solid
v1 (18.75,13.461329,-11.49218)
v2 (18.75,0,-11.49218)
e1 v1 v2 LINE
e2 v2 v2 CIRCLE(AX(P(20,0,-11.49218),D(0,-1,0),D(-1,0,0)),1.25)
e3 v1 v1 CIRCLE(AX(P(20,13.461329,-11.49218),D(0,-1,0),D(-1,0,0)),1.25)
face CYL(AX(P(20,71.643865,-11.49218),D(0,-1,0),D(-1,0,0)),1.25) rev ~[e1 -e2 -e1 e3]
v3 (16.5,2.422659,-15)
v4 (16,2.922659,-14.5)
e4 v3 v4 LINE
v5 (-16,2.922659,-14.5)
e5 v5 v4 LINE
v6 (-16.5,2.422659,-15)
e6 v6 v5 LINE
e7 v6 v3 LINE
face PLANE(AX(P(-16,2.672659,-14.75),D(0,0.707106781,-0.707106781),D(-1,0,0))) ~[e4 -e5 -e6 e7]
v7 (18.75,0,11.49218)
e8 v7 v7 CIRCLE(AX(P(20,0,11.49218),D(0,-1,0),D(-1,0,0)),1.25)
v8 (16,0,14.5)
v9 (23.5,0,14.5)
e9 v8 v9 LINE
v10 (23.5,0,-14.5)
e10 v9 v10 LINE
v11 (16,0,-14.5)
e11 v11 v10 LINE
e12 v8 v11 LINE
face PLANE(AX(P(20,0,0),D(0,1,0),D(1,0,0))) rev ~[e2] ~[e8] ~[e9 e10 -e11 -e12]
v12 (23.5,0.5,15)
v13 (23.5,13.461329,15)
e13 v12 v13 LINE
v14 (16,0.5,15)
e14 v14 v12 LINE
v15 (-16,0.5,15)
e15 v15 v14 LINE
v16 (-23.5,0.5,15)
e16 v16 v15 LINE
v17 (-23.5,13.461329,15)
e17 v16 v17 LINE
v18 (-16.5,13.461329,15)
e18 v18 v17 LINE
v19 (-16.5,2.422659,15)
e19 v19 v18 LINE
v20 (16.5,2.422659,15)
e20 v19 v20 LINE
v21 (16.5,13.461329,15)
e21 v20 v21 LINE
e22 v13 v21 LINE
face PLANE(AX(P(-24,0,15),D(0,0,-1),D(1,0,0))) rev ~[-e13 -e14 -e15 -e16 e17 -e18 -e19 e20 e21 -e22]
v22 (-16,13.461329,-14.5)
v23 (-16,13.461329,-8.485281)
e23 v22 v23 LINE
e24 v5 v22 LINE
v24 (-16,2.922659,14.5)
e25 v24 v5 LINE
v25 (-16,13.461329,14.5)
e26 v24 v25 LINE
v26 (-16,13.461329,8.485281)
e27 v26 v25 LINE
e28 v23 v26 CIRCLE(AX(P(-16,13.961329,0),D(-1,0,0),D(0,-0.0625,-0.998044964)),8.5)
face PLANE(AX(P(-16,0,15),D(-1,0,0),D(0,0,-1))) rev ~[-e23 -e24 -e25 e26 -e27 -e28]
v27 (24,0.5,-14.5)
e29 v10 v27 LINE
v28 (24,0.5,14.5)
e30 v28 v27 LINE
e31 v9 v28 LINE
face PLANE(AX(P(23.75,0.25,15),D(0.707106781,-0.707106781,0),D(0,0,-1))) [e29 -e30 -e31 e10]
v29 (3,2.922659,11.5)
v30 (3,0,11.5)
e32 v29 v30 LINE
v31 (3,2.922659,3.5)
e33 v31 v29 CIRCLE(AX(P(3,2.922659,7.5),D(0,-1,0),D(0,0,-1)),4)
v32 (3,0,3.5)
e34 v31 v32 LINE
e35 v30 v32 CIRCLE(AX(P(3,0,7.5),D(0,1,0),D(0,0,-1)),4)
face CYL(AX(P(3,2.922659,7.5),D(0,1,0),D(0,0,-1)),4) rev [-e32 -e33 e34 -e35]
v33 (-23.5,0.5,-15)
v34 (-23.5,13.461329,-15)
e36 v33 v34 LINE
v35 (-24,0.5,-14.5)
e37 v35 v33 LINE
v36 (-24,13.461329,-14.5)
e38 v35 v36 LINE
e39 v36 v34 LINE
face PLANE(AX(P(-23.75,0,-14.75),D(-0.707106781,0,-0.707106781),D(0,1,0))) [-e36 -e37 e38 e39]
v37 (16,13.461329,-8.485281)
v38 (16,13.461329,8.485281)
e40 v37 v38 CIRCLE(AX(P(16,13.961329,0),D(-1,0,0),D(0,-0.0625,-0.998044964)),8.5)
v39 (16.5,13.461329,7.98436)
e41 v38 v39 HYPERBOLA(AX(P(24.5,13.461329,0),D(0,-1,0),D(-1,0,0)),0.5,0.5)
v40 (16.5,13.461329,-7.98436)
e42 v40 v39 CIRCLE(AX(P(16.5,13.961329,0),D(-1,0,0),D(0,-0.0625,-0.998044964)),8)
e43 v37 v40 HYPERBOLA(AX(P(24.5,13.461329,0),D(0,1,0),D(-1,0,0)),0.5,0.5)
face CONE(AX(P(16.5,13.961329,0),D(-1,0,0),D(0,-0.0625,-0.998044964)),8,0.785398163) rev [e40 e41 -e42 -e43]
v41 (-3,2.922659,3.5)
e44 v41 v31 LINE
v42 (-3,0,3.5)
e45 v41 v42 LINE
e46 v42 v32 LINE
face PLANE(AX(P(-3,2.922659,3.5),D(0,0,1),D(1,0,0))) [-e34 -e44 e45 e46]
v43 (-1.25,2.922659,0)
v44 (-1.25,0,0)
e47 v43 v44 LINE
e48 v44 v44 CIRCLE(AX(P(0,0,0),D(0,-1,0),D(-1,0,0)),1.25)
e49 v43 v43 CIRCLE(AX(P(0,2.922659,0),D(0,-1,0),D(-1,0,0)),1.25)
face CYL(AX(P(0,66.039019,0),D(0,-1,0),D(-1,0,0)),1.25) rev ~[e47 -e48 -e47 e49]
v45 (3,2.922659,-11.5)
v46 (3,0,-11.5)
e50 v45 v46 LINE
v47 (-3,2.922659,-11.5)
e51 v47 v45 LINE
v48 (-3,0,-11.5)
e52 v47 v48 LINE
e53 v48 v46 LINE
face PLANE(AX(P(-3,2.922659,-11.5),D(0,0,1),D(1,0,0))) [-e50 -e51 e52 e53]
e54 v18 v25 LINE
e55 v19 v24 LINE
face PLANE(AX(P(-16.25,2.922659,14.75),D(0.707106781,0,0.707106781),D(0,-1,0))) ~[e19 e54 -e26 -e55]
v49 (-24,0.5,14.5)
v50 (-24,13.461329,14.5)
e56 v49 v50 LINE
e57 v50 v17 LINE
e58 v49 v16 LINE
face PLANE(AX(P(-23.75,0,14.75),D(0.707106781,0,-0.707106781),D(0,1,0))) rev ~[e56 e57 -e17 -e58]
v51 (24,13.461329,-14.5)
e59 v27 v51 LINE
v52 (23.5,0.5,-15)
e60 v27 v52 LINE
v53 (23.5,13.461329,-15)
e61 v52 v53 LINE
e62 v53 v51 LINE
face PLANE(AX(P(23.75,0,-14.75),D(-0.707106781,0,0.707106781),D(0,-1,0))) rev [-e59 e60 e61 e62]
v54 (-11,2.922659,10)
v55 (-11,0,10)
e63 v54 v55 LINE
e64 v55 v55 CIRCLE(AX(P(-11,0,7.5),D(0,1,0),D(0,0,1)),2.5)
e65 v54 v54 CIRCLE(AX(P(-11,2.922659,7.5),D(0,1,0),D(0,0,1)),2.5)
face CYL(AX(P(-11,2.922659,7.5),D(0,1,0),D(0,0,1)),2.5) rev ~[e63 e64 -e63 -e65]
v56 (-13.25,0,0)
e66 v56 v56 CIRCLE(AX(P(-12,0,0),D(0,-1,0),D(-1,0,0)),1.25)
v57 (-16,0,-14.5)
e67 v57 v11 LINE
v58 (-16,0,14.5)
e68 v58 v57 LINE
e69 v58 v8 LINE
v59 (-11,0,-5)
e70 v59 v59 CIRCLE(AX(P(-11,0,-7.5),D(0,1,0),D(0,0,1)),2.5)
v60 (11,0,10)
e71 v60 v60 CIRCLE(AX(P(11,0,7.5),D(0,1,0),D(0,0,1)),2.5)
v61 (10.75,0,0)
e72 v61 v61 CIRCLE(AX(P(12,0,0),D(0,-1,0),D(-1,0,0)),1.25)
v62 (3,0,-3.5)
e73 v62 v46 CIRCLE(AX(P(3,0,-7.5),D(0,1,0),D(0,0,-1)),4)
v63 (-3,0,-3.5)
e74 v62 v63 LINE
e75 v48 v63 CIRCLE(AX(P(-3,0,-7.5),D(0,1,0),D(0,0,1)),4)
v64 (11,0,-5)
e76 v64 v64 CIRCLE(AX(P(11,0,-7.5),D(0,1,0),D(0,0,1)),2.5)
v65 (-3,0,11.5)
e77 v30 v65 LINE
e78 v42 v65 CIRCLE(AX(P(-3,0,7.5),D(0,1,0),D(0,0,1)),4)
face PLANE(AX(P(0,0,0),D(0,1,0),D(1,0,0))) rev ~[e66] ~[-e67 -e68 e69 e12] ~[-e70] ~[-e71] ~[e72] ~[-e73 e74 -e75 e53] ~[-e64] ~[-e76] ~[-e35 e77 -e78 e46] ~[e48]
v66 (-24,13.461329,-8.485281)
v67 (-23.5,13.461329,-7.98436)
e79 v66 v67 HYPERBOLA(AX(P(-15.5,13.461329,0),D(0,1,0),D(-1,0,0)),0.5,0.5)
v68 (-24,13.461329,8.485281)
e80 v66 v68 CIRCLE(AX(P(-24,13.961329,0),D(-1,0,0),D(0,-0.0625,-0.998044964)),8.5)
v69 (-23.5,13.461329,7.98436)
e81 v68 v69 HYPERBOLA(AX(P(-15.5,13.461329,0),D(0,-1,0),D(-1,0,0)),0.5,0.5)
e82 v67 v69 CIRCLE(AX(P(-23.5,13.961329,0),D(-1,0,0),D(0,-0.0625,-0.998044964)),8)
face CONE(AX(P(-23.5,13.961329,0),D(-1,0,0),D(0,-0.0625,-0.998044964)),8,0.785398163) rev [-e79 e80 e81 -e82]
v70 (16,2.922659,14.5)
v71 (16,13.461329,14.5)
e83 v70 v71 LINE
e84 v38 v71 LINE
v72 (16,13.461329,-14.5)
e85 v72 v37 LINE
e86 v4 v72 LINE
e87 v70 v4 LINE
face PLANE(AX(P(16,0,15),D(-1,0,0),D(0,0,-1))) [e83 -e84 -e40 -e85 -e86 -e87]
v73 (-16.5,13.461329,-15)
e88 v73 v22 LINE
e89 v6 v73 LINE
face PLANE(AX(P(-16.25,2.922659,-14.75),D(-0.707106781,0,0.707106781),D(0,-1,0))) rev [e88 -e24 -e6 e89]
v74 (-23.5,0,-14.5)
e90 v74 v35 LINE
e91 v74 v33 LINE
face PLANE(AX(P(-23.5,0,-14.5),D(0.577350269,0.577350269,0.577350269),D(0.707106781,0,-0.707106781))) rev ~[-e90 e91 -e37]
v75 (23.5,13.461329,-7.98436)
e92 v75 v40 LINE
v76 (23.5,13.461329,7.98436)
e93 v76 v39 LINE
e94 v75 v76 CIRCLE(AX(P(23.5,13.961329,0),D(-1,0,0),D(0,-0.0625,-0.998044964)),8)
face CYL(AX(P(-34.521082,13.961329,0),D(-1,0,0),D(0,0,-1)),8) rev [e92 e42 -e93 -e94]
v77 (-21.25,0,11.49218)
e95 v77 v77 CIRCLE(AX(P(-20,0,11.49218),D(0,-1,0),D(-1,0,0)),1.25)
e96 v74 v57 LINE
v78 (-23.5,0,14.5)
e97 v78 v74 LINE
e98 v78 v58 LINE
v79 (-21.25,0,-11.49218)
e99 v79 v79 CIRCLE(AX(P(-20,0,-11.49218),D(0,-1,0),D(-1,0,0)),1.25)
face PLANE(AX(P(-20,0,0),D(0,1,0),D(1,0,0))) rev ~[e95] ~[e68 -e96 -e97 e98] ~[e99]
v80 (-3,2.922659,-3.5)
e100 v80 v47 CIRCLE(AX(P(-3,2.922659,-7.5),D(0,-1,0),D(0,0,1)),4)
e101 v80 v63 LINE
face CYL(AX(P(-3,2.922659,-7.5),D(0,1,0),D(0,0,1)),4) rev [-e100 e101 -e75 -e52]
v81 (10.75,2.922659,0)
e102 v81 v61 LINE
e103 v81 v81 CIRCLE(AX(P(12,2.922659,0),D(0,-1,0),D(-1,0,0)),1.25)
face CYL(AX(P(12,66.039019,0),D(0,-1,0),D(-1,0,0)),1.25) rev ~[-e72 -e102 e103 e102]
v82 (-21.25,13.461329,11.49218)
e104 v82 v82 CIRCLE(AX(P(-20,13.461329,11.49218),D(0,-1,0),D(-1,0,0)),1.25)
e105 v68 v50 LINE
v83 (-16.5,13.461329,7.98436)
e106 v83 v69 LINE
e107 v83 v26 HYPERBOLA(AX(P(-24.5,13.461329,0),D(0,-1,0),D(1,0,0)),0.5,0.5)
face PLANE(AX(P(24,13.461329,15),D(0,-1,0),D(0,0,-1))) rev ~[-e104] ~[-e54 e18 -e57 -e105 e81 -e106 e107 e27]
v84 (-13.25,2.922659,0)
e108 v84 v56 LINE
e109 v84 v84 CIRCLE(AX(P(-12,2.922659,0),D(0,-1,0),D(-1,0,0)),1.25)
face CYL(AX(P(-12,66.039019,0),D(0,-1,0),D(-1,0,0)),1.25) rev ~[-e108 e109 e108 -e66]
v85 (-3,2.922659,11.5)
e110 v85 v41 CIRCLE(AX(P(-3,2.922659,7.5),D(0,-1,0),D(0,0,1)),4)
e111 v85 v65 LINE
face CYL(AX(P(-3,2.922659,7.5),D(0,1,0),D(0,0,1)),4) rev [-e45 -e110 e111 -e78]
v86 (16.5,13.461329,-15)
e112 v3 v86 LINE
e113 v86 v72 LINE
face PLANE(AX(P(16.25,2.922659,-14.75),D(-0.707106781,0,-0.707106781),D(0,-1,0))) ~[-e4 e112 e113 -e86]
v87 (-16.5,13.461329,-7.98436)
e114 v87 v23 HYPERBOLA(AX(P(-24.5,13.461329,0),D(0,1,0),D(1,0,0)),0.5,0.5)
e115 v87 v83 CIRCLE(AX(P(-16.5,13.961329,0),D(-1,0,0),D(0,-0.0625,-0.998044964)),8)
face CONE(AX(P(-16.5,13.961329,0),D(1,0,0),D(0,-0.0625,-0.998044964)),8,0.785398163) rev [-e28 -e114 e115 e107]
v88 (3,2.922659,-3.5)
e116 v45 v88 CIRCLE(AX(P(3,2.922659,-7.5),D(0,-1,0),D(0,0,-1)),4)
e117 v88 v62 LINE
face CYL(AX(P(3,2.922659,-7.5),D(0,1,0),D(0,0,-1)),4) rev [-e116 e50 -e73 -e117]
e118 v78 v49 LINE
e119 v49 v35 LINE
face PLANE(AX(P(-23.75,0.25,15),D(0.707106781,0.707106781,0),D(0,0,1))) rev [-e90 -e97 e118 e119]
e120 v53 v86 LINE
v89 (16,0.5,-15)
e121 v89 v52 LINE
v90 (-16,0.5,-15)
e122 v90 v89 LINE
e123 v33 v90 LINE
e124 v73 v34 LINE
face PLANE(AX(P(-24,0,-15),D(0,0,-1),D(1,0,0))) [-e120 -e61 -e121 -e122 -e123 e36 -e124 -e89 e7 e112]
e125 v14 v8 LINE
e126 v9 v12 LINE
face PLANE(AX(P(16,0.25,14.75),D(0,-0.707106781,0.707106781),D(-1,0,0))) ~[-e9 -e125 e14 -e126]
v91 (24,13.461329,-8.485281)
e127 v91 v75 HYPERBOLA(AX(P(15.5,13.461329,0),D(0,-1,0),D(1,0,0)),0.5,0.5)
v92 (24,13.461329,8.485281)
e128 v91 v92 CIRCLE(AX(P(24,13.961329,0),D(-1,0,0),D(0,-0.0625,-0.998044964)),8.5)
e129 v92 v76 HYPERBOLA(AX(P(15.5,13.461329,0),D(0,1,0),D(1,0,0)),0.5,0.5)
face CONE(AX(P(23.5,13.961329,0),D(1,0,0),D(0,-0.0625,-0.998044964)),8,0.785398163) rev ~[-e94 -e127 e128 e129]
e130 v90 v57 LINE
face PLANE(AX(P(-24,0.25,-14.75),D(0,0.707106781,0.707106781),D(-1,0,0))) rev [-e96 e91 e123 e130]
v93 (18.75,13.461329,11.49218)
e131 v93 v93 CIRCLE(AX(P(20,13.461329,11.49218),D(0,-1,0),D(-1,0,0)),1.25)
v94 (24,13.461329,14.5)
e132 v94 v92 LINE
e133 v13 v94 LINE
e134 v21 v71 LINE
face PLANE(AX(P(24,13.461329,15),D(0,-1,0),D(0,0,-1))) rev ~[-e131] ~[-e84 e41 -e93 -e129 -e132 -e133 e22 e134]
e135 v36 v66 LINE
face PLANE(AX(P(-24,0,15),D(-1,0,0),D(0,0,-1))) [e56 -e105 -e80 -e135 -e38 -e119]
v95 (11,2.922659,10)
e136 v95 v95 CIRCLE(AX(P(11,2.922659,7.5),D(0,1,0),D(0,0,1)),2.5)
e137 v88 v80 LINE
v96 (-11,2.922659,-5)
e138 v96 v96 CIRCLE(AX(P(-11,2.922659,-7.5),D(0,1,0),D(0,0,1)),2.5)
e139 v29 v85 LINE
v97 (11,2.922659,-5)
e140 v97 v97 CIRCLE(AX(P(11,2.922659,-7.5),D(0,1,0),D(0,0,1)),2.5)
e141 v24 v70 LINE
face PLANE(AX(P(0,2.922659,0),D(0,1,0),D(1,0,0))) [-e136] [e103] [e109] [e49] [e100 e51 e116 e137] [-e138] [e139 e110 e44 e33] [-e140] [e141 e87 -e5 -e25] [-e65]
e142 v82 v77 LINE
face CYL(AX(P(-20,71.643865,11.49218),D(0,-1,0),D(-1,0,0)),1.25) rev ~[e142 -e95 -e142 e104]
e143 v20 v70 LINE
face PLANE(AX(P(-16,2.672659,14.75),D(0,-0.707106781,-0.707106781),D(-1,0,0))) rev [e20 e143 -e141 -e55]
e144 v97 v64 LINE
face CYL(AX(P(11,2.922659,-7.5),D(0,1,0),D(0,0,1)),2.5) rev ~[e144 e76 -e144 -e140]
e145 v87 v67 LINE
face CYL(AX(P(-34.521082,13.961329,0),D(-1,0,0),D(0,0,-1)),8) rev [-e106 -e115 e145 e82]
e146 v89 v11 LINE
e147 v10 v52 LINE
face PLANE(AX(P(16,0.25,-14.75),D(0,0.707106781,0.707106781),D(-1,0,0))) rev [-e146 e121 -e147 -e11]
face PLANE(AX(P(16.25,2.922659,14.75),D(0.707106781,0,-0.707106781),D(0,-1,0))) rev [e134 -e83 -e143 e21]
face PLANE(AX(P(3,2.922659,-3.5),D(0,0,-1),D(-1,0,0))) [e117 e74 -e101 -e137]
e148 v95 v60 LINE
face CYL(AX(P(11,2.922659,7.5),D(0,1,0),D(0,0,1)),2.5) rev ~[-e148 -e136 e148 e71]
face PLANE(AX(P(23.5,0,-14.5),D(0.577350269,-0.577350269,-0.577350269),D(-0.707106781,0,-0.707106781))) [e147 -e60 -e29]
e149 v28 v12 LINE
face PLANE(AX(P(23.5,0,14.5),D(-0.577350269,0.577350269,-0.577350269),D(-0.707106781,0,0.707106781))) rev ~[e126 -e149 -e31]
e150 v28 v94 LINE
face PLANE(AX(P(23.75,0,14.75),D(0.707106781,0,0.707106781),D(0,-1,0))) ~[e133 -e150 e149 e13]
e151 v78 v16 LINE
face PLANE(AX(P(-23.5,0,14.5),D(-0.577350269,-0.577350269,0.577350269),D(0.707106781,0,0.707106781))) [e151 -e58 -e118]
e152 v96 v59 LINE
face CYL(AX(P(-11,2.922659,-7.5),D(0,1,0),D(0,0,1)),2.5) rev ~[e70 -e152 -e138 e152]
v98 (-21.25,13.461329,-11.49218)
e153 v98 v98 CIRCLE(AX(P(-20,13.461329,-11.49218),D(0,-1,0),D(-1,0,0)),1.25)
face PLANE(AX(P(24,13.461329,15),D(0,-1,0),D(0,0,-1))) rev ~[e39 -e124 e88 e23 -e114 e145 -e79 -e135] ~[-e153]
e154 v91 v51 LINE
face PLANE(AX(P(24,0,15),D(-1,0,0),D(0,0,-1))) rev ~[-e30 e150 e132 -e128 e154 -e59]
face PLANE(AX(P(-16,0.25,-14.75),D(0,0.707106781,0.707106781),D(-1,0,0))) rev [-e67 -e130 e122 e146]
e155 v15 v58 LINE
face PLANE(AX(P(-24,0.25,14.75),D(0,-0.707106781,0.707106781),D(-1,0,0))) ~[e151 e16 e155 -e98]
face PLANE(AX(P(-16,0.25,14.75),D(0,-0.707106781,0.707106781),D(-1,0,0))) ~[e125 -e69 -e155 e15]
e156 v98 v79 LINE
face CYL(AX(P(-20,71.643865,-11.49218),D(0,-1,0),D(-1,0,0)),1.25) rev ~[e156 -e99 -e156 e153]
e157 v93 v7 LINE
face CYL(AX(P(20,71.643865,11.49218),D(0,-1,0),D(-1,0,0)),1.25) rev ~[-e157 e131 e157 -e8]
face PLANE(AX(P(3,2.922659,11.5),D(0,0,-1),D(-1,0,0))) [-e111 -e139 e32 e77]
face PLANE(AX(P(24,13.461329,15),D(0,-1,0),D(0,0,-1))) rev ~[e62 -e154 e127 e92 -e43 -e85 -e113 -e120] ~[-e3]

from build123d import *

# Parameters (mm, degrees)
SKETCH2_W                = 32
SKETCH2_H                = 30
BOSS_EXTRUDE1_DEPTH      = 2.922658801
BOSS_EXTRUDE2_DEPTH      = 25
BOSS_EXTRUDE2_DEPTH_BACK = 2.922659
SKETCH3_W                = 8
SKETCH3_H                = 30
CUT_EXTRUDE1_DEPTH       = 58.521082001
CUT_EXTRUDE1_DEPTH_BACK  = 58.521082001
SKETCH4_R                = 8
M3X0_5_TAPPED_HOLE1_D    = 2.5
SKETCH7_R                = 2.5
CUT_EXTRUDE2_DEPTH       = 38.762415177
SKETCH8_W                = 30
SKETCH8_H                = 18.9613294
CUT_EXTRUDE3_DEPTH       = 58.521082001
SKETCH9_W                = 30
SKETCH9_H                = 0.5
CUT_EXTRUDE4_DEPTH       = 53.19117472
M3X0_5_TAPPED_HOLE2_D    = 2.5
CHAMFER1_SIZE            = 0.5


with BuildPart() as part:
    # Sketch2 → Boss-Extrude1 (new body)
    with BuildSketch(Plane(origin=(0, 0, 0), x_dir=(1, 0, 0), z_dir=(0, 1, 0))):
        Rectangle(SKETCH2_W, SKETCH2_H)
    extrude(amount=BOSS_EXTRUDE1_DEPTH)

    # Sketch3 → Boss-Extrude2 (add, two sides: drawn at the far end of the back side and taken through both)
    with BuildSketch(Plane(origin=(0, 2.922658801, 0), x_dir=(1, 0, 0), z_dir=(0, 1, 0)).offset(-BOSS_EXTRUDE2_DEPTH_BACK)):
        with Locations((-20, 0)):
            Rectangle(SKETCH3_W, SKETCH3_H)
        with Locations((20, 0)):
            Rectangle(SKETCH3_W, SKETCH3_H)
    extrude(amount=BOSS_EXTRUDE2_DEPTH + BOSS_EXTRUDE2_DEPTH_BACK)

    # Sketch4 → Cut-Extrude1 (cut, two sides: drawn at the far end of the back side and taken through both)
    with BuildSketch(Plane(origin=(24, 0, 0), x_dir=(0, 0, -1), z_dir=(1, 0, 0)).offset(-CUT_EXTRUDE1_DEPTH_BACK)):
        with Locations((0, 13.961329401)):
            Circle(SKETCH4_R)
    extrude(amount=CUT_EXTRUDE1_DEPTH + CUT_EXTRUDE1_DEPTH_BACK, mode=Mode.SUBTRACT)

    # M3x0.5 Tapped Hole1 (through all)
    with Locations(Plane(origin=(0, 2.922658801, 0), x_dir=(1, 0, 0), z_dir=(0, 1, 0))):
        with Locations((12, 0), (0, 0), (-12, 0)):
            Hole(M3X0_5_TAPPED_HOLE1_D / 2)

    # Sketch7 → Cut-Extrude2 (cut, through all)
    with BuildSketch(Plane(origin=(0, 2.922658801, 0), x_dir=(1, 0, 0), z_dir=(0, 1, 0))):
        with Locations(Location((-11, 7.5, 0), (0, 0, 270))):
            Circle(SKETCH7_R)
        with Locations(Location((-11, -7.5, 0), (0, 0, 270))):
            Circle(SKETCH7_R)
        with Locations(Location((11, -7.5, 0), (0, 0, 270))):
            Circle(SKETCH7_R)
        with Locations(Location((11, 7.5, 0), (0, 0, 270))):
            Circle(SKETCH7_R)
        with BuildLine():
            Line((-3, 11.5), (3, 11.5))
            ThreePointArc((3, 11.5), (7, 7.5), (3, 3.5))
            Line((3, 3.5), (-3, 3.5))
            ThreePointArc((-3, 3.5), (-7, 7.5), (-3, 11.5))
        make_face()
        with BuildLine():
            Line((-3, -3.5), (3, -3.5))
            ThreePointArc((3, -3.5), (7, -7.5), (3, -11.5))
            Line((3, -11.5), (-3, -11.5))
            ThreePointArc((-3, -11.5), (-7, -7.5), (-3, -3.5))
        make_face()
    extrude(amount=-CUT_EXTRUDE2_DEPTH, mode=Mode.SUBTRACT)

    # Sketch8 → Cut-Extrude3 (cut, through all)
    with BuildSketch(Plane(origin=(24, 0, 0), x_dir=(0, 0, -1), z_dir=(1, 0, 0))):
        with Locations((0, 23.441994101)):
            Rectangle(SKETCH8_W, SKETCH8_H)
    extrude(amount=-CUT_EXTRUDE3_DEPTH, mode=Mode.SUBTRACT)

    # Sketch9 → Cut-Extrude4 (cut, through all)
    with BuildSketch(Plane(origin=(24, 0, 0), x_dir=(0, 0, -1), z_dir=(1, 0, 0))):
        with Locations((0, 13.711329401)):
            Rectangle(SKETCH9_W, SKETCH9_H)
    extrude(amount=-CUT_EXTRUDE4_DEPTH, mode=Mode.SUBTRACT)

    # M3x0.5 Tapped Hole2 (through all)
    with Locations(Plane(origin=(0, 13.461329401, 0), x_dir=(1, 0, 0), z_dir=(0, 1, 0))):
        with Locations((-20, 11.492179856), (20, -11.492179856), (20, 11.492179856), (-20, -11.492179856)):
            Hole(M3X0_5_TAPPED_HOLE2_D / 2)

    # Chamfer1
    chamfer1_edges = [part.edges().sort_by_distance(p)[0] for p in [
        (-16, 8.191994101, -15),
        (-16, 8.191994101, 15),
        (-24, 6.730664601, 15),
        (-24, 6.730664601, -15),
        (-24, -1.99e-07, 0),
        (-16, 5.961329401, 0),
        (-24, 5.961329401, 0),
        (24, 5.961329401, 0),
        (16, 5.961329401, 0),
        (0, 2.922658801, -15),
        (16, 8.191994101, 15),
        (16, 8.191994101, -15),
        (24, 6.730664601, -15),
        (24, 6.730664601, 15),
        (24, -1.99e-07, 0),
        (0, 0, -15),
        (0, 0, 15),
        (0, 2.922658801, 15),
    ]]
    chamfer(chamfer1_edges, length=CHAMFER1_SIZE)


solid = part.part
